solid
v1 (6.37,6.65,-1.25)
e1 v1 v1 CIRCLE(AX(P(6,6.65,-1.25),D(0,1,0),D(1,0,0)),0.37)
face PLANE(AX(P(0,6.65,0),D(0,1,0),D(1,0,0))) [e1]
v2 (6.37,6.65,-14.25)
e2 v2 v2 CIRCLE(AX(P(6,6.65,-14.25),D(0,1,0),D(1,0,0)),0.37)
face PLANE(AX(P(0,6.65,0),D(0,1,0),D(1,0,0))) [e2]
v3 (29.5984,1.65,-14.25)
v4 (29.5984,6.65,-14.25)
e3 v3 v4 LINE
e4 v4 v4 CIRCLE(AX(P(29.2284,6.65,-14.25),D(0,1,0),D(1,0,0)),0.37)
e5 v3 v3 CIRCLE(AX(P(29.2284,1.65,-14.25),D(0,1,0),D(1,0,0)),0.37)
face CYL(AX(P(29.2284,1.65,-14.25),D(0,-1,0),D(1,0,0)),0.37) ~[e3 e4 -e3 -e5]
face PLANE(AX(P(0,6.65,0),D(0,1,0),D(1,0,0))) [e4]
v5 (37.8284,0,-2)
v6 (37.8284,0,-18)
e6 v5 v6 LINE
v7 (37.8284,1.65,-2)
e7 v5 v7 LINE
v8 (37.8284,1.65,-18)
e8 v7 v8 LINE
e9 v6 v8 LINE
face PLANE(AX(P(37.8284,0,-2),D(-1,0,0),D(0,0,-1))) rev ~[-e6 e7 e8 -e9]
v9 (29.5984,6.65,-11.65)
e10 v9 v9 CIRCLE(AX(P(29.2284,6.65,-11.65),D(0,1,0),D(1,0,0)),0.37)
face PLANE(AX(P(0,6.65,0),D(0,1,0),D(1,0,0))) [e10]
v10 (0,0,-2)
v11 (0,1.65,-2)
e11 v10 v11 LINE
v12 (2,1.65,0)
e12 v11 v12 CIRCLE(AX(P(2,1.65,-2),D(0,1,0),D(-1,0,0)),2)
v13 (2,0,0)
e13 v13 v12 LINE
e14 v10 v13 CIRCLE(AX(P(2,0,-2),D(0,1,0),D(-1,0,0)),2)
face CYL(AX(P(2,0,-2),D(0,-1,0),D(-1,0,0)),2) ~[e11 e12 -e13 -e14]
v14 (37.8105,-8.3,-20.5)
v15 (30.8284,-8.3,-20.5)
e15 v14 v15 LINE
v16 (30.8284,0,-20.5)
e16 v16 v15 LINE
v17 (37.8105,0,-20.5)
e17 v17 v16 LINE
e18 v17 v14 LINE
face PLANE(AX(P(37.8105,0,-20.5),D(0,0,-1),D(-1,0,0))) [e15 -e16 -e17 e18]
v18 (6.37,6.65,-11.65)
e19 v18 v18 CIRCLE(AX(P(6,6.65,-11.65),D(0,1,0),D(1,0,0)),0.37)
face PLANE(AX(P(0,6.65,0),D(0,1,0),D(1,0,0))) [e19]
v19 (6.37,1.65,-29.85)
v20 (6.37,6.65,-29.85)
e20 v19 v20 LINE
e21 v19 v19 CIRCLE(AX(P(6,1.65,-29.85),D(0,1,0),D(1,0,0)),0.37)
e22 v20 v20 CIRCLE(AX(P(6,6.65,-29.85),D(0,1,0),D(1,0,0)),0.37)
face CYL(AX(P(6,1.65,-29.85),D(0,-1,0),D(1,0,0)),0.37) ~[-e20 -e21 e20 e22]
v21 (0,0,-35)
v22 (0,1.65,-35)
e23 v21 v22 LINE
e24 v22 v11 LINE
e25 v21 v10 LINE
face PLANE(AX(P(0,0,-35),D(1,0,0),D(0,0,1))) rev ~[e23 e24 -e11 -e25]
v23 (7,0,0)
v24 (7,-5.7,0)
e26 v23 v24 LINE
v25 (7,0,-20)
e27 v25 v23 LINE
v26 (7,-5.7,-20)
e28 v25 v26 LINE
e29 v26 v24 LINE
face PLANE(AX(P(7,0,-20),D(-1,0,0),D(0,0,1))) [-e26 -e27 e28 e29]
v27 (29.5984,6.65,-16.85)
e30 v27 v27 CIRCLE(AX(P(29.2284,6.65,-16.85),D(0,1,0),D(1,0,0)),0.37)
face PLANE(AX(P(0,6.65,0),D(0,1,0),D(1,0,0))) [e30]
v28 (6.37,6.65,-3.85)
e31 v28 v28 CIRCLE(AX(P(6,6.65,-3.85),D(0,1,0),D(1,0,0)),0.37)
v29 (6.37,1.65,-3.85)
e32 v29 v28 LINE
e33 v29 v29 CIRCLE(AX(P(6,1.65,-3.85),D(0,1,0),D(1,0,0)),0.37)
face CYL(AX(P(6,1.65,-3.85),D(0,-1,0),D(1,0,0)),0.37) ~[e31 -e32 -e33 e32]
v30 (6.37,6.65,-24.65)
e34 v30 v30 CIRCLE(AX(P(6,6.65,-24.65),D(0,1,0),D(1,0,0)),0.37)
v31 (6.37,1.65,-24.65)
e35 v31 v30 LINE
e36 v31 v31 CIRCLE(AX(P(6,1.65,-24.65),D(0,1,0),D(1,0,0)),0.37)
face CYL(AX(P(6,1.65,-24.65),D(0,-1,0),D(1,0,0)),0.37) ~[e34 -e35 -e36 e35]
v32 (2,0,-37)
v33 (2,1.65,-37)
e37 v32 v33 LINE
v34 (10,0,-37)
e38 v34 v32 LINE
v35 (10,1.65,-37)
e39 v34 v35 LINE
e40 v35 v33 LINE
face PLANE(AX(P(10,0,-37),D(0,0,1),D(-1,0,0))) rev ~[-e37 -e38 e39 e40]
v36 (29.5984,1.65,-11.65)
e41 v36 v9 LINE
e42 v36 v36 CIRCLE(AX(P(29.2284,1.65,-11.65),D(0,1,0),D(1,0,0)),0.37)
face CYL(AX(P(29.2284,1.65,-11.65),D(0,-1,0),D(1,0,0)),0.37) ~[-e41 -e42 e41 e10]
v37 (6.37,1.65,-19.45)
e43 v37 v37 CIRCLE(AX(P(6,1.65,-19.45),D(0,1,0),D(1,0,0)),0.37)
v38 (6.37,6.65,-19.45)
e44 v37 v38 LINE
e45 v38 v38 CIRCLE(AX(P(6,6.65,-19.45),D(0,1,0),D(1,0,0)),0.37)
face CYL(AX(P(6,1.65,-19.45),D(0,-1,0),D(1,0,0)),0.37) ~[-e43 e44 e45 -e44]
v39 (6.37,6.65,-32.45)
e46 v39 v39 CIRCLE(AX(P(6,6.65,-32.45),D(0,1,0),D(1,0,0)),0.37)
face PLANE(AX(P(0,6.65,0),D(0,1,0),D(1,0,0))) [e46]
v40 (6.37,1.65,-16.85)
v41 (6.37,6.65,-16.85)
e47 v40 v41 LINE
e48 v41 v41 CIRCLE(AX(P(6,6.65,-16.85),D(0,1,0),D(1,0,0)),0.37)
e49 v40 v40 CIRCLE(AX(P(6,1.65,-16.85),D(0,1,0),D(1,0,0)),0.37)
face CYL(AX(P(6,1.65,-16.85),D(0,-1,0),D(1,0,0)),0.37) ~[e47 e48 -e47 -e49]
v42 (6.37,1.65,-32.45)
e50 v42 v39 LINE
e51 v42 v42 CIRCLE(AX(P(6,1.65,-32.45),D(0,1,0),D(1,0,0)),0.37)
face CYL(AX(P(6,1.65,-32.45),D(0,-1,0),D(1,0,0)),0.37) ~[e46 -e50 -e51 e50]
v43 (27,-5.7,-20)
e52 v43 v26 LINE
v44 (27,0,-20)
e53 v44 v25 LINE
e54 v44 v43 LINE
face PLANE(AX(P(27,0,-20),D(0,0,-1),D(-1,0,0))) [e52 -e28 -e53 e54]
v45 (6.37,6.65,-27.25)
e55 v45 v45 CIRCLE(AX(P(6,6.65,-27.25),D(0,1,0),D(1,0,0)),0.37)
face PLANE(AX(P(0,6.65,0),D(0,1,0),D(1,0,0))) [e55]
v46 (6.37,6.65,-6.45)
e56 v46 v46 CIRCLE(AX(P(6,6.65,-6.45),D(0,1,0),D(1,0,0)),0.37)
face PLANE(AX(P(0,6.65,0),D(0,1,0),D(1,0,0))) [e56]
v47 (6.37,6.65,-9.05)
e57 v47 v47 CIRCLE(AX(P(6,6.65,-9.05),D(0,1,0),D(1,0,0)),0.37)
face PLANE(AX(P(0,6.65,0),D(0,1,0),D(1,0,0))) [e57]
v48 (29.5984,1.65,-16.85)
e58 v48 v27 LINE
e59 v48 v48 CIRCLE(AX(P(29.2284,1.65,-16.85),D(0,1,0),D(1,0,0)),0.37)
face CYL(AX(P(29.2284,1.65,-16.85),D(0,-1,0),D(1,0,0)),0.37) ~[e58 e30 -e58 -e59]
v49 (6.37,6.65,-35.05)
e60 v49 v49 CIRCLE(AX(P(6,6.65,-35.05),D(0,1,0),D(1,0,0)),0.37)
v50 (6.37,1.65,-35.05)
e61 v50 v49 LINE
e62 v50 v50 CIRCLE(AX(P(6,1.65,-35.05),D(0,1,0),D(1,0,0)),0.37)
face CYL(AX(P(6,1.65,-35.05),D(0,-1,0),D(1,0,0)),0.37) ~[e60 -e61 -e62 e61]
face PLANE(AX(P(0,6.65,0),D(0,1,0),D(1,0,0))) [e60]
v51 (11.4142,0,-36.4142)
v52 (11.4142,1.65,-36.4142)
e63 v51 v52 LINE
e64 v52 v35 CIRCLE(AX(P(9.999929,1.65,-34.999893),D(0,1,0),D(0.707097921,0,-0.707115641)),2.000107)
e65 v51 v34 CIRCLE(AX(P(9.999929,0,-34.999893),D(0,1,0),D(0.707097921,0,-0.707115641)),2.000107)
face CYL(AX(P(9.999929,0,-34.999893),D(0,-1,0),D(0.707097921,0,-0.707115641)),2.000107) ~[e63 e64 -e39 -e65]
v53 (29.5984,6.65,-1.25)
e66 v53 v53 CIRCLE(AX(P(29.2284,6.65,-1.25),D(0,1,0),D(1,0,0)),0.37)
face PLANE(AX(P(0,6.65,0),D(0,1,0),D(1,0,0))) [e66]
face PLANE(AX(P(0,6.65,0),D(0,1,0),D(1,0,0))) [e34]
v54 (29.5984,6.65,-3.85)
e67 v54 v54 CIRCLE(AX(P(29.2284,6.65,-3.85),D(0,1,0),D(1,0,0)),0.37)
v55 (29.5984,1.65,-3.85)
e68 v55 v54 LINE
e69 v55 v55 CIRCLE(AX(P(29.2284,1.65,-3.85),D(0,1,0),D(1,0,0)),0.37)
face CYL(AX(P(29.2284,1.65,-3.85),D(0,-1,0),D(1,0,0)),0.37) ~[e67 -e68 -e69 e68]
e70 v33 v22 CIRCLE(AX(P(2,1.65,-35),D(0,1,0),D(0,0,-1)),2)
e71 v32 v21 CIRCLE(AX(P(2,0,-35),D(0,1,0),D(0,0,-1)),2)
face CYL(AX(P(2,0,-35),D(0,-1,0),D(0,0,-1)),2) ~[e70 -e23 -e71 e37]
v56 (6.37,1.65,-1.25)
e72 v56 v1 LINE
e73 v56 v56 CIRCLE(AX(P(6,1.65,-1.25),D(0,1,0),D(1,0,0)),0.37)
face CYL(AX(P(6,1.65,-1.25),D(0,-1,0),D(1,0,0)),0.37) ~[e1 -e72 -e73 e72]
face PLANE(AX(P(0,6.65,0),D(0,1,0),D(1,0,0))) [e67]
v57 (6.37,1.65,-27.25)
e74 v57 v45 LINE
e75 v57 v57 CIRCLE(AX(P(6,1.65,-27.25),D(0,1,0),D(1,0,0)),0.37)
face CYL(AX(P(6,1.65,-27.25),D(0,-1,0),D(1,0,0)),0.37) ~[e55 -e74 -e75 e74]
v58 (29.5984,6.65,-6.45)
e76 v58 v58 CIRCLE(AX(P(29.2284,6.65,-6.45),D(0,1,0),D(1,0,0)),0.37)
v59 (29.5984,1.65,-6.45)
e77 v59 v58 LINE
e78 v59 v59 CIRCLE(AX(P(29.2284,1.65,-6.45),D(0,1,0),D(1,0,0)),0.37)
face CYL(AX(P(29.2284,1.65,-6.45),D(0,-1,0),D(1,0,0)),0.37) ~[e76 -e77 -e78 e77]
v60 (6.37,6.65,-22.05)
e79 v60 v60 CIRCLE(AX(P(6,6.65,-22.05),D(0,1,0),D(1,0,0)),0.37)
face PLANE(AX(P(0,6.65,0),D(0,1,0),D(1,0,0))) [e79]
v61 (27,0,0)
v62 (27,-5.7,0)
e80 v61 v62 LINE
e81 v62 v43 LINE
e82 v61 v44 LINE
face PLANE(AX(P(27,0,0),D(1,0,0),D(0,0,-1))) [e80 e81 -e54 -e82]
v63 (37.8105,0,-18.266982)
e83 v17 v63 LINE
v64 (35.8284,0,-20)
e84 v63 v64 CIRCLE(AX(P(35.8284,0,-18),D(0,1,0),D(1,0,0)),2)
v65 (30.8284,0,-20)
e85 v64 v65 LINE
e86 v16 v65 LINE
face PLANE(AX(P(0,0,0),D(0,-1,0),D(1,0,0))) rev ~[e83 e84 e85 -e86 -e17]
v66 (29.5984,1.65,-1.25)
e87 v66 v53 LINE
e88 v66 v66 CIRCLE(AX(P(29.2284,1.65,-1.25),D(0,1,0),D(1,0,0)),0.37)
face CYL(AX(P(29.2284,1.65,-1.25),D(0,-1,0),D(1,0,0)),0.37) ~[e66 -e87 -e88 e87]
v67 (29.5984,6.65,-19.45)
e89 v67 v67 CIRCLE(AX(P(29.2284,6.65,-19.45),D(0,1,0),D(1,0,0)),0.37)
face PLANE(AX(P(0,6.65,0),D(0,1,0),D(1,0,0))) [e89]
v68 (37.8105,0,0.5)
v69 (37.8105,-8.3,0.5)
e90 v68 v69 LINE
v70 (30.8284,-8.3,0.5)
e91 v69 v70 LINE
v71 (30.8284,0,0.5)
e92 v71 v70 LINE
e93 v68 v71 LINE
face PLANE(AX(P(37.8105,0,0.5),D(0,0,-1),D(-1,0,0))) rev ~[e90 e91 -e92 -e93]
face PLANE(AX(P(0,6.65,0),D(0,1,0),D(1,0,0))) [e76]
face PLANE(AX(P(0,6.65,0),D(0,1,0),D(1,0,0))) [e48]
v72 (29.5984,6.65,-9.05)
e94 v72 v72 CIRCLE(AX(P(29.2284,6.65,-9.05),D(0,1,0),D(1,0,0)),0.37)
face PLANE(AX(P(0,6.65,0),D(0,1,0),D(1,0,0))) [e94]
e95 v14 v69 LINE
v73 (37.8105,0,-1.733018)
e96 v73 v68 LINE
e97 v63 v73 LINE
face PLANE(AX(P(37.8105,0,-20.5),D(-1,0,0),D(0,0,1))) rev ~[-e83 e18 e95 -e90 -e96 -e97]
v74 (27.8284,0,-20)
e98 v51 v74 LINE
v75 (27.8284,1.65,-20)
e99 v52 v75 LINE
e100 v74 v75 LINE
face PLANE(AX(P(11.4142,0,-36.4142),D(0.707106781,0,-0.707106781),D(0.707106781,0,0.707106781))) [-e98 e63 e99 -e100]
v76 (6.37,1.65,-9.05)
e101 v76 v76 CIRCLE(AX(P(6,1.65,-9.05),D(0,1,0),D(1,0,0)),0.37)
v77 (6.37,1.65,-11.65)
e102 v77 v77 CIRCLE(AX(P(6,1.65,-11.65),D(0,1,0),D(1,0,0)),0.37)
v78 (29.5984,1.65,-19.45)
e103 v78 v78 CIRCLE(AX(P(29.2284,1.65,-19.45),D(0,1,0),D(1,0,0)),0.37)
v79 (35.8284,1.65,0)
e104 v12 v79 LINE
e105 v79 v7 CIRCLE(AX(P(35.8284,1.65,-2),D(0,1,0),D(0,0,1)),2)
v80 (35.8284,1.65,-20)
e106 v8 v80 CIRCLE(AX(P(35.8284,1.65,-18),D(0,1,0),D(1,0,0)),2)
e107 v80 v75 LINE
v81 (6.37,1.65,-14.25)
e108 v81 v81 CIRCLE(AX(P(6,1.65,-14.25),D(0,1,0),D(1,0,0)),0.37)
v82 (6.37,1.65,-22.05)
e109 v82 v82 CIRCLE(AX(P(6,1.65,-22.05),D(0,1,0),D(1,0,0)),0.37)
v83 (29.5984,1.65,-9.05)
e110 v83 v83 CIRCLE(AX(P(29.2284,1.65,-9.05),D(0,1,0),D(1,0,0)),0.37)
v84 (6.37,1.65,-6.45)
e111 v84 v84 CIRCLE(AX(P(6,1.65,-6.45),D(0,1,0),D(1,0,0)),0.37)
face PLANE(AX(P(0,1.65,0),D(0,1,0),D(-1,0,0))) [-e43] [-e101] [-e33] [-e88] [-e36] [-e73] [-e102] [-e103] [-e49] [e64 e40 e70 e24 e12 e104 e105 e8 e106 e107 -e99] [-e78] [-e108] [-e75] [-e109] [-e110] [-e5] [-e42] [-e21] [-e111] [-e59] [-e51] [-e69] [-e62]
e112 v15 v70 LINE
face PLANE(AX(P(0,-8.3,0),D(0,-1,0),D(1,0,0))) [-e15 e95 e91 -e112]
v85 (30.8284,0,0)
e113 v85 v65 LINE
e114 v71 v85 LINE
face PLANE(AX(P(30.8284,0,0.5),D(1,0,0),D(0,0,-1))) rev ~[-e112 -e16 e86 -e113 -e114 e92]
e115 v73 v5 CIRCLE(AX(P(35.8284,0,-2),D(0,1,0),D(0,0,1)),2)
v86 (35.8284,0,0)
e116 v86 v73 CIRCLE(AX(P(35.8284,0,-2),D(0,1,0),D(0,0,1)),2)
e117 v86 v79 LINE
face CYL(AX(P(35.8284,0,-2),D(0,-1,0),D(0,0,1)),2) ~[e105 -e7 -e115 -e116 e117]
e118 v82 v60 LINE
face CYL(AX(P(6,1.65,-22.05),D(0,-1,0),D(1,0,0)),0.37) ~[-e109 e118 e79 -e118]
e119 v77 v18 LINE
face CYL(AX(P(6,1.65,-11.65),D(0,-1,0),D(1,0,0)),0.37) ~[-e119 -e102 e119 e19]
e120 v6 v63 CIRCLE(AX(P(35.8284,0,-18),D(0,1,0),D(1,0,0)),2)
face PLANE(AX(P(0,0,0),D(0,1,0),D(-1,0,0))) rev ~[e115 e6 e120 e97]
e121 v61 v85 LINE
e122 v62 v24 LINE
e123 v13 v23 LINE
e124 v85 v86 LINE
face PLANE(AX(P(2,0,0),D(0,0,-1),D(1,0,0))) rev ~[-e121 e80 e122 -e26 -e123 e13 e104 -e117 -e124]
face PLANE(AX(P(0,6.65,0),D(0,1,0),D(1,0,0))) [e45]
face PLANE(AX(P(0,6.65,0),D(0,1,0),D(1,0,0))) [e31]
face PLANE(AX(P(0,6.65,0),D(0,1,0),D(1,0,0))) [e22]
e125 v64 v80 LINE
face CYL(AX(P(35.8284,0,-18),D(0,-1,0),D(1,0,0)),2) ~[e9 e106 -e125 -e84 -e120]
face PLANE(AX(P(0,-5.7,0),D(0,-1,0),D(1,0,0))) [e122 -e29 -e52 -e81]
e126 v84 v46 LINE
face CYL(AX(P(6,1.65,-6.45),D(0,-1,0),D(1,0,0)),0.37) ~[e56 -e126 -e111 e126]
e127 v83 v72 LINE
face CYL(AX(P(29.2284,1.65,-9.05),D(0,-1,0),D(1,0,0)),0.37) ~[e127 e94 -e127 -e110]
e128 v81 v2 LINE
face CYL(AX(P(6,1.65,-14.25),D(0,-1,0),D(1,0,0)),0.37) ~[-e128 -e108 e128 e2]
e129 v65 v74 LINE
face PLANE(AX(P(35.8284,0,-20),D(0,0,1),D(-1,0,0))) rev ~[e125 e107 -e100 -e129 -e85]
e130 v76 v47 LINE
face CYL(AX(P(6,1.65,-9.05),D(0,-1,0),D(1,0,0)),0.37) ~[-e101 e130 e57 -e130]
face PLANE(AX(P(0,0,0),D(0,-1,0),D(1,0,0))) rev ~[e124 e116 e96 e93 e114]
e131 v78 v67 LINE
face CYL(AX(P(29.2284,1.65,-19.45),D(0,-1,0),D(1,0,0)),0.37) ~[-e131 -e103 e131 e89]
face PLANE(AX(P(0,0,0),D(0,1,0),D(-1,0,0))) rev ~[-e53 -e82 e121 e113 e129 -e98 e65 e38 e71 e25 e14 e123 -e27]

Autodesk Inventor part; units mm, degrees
ref_plane "YZ Plane" through (0, 0, 0) normal (1, 0, 0) x (0, 1, 0)
ref_plane "XZ Plane" through (0, 0, 0) normal (0, 1, 0) x (-1, 0, 0)
ref_plane "XY Plane" through (0, 0, 0) normal (0, 0, 1) x (1, 0, 0)
sketch "Sketch1" plane through (0, 0, 0) normal (0, 1, 0) x (-1, 0, 0)
  line L0 (-2, 0) -> (-35.8284, 0)
  line L1 (-37.8284, -2) -> (-37.8284, -18)
  line L2 (-10, -37) -> (-2, -37)
  line L3 (0, -35) -> (0, -2)
  line L4 (-37, -36.9907) -> (-37, -19.9907) construction
  line L5 (-35.8284, -20) -> (-27.8284, -20)
  line L6 (0, -37) -> (-10, -37) construction
  line L7 (-11.4142, -36.4142) -> (-27.8284, -20)
  arc A0 (-37.8284, -18) -> (-35.8284, -20) centre (-35.8284, -18) ccw
  arc A1 (-35.8284, 0) -> (-37.8284, -2) centre (-35.8284, -2) ccw
  arc A2 (-2, -37) -> (0, -35) centre (-2, -35) ccw
  arc A3 (0, -2) -> (-2, 0) centre (-2, -2) ccw
  arc A4 (-11.4142, -36.4142) -> (-10, -37) centre (-10, -35) ccw
  point P0 (0, 0)
  point P1 (-37.8284, 0)
  point P2 (-37.8284, -20)
  dimension "d0" = 37
  dimension "d2" = 17
  dimension "d3" = 10
  dimension "d4" = 10
  dimension "d5" = 2
  dimension "d6" = 2
extrude "Extrusion1" add sketch "Sketch1" along normal blind 1.65
sketch "Sketch2" plane through (0, 0, 0) normal (0, -1, 0) x (1, 0, 0)
  line L0 (27.8284, -20) -> (35.8284, -20) projected
  line L1 (37.8284, -18) -> (37.8284, -2) projected
  line L2 (37.8105, 0.5) -> (30.8284, 0.5)
  line L3 (30.8284, 0.5) -> (30.8284, -20)
  line L4 (37.8105, -20.5) -> (37.8105, 0.5)
  line L5 (41.55, -10) -> (26.7279, -10) construction
  line L6 (37.8105, -20.5) -> (30.8284, -20.5)
  line L7 (30.8284, -20.5) -> (30.8284, -20)
  point P0 (0, 0)
  point P1 (37.8284, -10)
  dimension "d11" = 10.5
extrude "Extrusion2" add sketch "Sketch2" along normal blind 8.3
sketch "Sketch3" plane through (0, 1.65, 0) normal (0, 1, 0) x (1, 0, 0)
  line L0 (0, 35) -> (0, 2) projected
  line L1 (2, 0) -> (35.8284, 0) projected
  line L2 (37.8284, 2) -> (37.8284, 18) projected
  line L3 (6, 38.3943) -> (6, -5.9246) construction
  line L4 (6, 0) -> (6, 1.25) construction
  circle A0 centre (6, 1.25) radius 0.37
  circle A1 centre (6, 3.85) radius 0.37
  circle A2 centre (6, 6.45) radius 0.37
  circle A3 centre (6, 9.05) radius 0.37
  circle A4 centre (6, 11.65) radius 0.37
  circle A5 centre (6, 14.25) radius 0.37
  circle A6 centre (6, 16.85) radius 0.37
  circle A7 centre (6, 19.45) radius 0.37
  circle A8 centre (6, 22.05) radius 0.37
  circle A9 centre (6, 24.65) radius 0.37
  circle A10 centre (6, 27.25) radius 0.37
  circle A11 centre (6, 29.85) radius 0.37
  circle A12 centre (6, 32.45) radius 0.37
  circle A13 centre (6, 35.05) radius 0.37
  line L5 (35.8284, 20) -> (27.8284, 20) projected
  line L6 (10, 37) -> (2, 37) projected
  line L7 (37.8284, 10) -> (29.2284, 10) construction
  line L8 (29.2284, 10) -> (29.2284, 28.7418) construction
  line L9 (29.2284, 20) -> (29.2284, 18.75) construction
  line L10 (29.2284, 0) -> (29.2284, 1.25) construction
  circle A14 centre (29.2284, 1.25) radius 0.37
  circle A15 centre (29.2284, 3.85) radius 0.37
  circle A16 centre (29.2284, 6.45) radius 0.37
  circle A17 centre (29.2284, 9.05) radius 0.37
  circle A18 centre (29.2284, 11.65) radius 0.37
  circle A19 centre (29.2284, 14.25) radius 0.37
  circle A20 centre (29.2284, 16.85) radius 0.37
  circle A21 centre (29.2284, 19.45) radius 0.37
  point P0 (0, 0)
  dimension "d16" = 1.25
  dimension "d17" = 0.74
  dimension "d20" = 2.6
  dimension "d27" = 8.6
  dimension "d37" = 0.74
  dimension "d40" = 2.6
  dimension "d50" = 6
extrude "Extrusion3" add sketch "Sketch3" along normal blind 5
sketch "Sketch4" plane through (0, 0, 0) normal (0, -1, 0) x (1, 0, 0)
  line L0 (30.8284, 0) -> (2, 0) projected
  line L1 (0, 0) -> (7, 0) construction
  line L2 (7, 0) -> (27, 0)
  line L3 (27, 0) -> (27, -20)
  line L4 (27, -20) -> (7, -20)
  line L5 (7, -20) -> (7, 0)
  dimension "d45" = 7
  dimension "d46" = 20
  dimension "d47" = 20
extrude "Extrusion4" add sketch "Sketch4" along normal blind 5.7
equation "\"d47\" = d46"
properties part number "Adaptador TB6612FNG"
